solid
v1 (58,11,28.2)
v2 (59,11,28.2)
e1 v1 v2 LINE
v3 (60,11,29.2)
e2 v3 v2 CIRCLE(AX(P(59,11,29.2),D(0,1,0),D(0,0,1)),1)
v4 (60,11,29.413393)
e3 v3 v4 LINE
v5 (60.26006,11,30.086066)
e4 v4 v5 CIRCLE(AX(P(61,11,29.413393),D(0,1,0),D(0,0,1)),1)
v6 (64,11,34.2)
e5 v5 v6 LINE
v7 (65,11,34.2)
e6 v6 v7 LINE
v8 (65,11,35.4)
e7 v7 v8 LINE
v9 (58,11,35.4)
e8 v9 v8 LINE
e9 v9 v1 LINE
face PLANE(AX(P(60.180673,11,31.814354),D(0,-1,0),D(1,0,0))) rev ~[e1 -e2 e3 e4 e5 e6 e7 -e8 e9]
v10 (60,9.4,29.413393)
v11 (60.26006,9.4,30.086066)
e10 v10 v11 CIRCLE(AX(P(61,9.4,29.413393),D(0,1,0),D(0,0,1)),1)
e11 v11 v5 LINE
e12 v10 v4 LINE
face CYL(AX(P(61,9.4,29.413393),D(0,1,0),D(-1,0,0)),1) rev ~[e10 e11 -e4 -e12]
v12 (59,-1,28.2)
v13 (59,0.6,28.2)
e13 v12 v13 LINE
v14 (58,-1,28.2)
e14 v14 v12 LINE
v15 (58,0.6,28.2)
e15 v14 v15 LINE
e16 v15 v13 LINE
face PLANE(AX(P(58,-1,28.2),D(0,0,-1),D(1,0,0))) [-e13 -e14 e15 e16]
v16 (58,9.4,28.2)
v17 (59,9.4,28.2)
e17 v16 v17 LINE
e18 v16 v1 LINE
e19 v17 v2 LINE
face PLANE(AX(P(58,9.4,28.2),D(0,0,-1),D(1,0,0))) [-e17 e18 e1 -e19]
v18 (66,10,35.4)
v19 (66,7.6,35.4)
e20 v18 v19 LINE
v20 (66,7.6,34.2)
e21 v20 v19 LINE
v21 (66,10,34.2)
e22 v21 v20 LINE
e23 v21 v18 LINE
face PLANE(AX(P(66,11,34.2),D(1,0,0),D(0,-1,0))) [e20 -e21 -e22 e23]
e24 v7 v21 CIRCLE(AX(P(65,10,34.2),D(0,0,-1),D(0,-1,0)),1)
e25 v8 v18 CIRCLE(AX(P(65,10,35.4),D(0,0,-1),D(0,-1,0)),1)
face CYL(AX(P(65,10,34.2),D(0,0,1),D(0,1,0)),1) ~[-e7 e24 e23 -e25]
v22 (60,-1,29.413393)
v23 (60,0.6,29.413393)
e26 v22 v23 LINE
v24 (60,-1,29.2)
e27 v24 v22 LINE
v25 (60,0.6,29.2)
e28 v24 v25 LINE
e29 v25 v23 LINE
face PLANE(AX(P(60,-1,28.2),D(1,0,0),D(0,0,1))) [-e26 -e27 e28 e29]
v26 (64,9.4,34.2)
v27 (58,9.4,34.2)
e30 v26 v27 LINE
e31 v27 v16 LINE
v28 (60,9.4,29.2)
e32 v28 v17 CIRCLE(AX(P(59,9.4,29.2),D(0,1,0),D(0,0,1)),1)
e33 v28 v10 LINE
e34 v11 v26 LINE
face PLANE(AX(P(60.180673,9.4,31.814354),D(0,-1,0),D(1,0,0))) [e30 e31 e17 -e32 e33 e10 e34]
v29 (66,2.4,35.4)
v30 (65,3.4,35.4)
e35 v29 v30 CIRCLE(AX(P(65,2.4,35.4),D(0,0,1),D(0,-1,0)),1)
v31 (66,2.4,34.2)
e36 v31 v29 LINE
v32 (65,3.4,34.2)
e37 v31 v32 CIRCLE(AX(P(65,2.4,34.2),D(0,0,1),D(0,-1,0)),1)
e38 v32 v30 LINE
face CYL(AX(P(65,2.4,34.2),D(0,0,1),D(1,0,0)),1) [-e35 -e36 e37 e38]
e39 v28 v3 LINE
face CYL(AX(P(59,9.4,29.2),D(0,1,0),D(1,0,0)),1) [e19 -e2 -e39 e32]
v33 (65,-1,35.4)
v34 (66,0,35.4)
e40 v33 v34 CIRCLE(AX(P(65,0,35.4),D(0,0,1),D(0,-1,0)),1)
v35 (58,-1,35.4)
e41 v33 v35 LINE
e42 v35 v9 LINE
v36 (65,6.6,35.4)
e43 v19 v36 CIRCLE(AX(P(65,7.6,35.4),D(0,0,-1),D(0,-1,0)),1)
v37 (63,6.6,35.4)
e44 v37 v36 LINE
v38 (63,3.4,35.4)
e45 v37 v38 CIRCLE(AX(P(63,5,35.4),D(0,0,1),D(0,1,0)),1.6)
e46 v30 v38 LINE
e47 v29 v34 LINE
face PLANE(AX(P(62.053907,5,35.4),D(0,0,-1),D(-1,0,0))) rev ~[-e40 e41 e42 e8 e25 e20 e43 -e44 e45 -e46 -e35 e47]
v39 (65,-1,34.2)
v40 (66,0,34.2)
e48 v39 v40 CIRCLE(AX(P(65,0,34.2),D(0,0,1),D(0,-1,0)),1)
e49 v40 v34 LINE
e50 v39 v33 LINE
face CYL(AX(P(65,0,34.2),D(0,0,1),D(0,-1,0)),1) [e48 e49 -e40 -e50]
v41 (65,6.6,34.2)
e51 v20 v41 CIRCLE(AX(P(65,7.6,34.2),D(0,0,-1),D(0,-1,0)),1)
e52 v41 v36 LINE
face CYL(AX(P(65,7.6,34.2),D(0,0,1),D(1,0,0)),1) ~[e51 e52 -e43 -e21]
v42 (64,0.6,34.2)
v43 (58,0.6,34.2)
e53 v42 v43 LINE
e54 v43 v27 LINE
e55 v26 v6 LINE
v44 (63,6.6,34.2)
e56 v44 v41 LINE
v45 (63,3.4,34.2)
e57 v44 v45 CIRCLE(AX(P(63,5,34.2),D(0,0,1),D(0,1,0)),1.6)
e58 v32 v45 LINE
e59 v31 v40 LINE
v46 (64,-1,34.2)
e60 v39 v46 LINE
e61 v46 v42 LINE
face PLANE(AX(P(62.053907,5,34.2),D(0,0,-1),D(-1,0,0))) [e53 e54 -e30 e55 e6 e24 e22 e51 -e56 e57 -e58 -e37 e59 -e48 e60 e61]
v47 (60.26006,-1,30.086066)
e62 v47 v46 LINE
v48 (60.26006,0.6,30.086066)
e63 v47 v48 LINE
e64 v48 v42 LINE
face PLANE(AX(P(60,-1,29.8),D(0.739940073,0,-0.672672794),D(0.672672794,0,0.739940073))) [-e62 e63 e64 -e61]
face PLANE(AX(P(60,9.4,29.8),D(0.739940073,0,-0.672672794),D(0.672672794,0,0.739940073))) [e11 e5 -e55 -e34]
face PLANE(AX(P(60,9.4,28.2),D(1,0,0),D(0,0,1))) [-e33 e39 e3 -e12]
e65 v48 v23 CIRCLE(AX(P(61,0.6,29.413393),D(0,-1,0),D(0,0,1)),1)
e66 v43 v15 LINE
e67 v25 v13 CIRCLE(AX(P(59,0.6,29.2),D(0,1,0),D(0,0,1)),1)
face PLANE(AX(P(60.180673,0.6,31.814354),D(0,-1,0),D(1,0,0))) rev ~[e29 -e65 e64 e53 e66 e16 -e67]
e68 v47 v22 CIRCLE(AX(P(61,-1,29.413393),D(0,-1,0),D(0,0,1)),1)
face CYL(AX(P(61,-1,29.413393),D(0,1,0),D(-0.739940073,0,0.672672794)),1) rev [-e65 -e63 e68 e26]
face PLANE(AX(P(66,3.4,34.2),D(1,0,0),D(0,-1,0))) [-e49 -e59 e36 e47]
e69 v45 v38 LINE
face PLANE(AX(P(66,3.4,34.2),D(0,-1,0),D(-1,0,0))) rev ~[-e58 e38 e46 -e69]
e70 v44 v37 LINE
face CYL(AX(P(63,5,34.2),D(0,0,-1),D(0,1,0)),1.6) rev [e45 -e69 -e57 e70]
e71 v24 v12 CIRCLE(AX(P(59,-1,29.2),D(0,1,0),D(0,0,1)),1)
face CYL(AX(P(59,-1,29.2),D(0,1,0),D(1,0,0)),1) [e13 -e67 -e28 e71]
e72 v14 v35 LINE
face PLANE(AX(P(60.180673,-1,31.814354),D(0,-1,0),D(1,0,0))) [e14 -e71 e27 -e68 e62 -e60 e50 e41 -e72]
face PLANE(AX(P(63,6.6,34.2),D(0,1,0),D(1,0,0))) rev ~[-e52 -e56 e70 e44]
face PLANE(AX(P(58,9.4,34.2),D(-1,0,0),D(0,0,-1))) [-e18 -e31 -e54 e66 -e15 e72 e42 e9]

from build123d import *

# Parameters (mm, degrees)
PAD036_DEPTH           = 1.2
PAD037_DEPTH           = 1.6
LINEARPATTERN001_COUNT = 2
LINEARPATTERN001_PITCH = 10.4
FILLET003_R            = 1
FILLET004_R            = 1
FILLET005_R            = 1


with BuildPart() as part:
    # Sketch068 → Pad036 (new body)
    with BuildSketch(Plane.XY):
        with BuildLine():
            Line((-4, 6), (4, 6))
            Line((4, 6), (4, 1.6))
            Line((1, 1.6), (4, 1.6))
            ThreePointArc((1, 1.6), (-0.6, 0), (1, -1.6))
            Line((4, -1.6), (1, -1.6))
            Line((4, -1.6), (4, -6))
            Line((4, -6), (-4, -6))
            Line((-4, -6), (-4, 6))
        make_face()
    extrude(amount=PAD036_DEPTH)

    # Sketch069 (on DatumPlane) → Pad037 (join)
    with BuildSketch(Plane.XZ.offset(6)):
        Polygon((-4, 0), (-4, -6), (-2, -6), (-2, -4.4), (2, 0), align=None)
    pad037 = extrude(amount=-PAD037_DEPTH)

    # LinearPattern001: Pad037 ×2
    with Locations(*[(0, i * LINEARPATTERN001_PITCH, 0) for i in range(1, LINEARPATTERN001_COUNT)]):
        add(pad037)

    # Fillet003
    fillet003_edges = [part.edges().sort_by_distance(p)[0] for p in [
        (-2, -5.2, -6),
        (-2, 5.2, -6),
    ]]
    fillet(fillet003_edges, radius=FILLET003_R)

    # Fillet004
    fillet004_edges = [part.edges().sort_by_distance(p)[0] for p in [
        (-2, -5.2, -4.4),
        (-2, 5.2, -4.4),
    ]]
    fillet(fillet004_edges, radius=FILLET004_R)

    # Fillet005
    fillet005_edges = [part.edges().sort_by_distance(p)[0] for p in [
        (4, -6, 0.6),
        (4, -1.6, 0.6),
        (4, 1.6, 0.6),
        (4, 6, 0.6),
    ]]
    fillet(fillet005_edges, radius=FILLET005_R)


with BuildPart() as part_1:
    # Body011 placement: moved
    add(part.part.moved(Location((62, 5, 34.2))))


solid = part_1.part
